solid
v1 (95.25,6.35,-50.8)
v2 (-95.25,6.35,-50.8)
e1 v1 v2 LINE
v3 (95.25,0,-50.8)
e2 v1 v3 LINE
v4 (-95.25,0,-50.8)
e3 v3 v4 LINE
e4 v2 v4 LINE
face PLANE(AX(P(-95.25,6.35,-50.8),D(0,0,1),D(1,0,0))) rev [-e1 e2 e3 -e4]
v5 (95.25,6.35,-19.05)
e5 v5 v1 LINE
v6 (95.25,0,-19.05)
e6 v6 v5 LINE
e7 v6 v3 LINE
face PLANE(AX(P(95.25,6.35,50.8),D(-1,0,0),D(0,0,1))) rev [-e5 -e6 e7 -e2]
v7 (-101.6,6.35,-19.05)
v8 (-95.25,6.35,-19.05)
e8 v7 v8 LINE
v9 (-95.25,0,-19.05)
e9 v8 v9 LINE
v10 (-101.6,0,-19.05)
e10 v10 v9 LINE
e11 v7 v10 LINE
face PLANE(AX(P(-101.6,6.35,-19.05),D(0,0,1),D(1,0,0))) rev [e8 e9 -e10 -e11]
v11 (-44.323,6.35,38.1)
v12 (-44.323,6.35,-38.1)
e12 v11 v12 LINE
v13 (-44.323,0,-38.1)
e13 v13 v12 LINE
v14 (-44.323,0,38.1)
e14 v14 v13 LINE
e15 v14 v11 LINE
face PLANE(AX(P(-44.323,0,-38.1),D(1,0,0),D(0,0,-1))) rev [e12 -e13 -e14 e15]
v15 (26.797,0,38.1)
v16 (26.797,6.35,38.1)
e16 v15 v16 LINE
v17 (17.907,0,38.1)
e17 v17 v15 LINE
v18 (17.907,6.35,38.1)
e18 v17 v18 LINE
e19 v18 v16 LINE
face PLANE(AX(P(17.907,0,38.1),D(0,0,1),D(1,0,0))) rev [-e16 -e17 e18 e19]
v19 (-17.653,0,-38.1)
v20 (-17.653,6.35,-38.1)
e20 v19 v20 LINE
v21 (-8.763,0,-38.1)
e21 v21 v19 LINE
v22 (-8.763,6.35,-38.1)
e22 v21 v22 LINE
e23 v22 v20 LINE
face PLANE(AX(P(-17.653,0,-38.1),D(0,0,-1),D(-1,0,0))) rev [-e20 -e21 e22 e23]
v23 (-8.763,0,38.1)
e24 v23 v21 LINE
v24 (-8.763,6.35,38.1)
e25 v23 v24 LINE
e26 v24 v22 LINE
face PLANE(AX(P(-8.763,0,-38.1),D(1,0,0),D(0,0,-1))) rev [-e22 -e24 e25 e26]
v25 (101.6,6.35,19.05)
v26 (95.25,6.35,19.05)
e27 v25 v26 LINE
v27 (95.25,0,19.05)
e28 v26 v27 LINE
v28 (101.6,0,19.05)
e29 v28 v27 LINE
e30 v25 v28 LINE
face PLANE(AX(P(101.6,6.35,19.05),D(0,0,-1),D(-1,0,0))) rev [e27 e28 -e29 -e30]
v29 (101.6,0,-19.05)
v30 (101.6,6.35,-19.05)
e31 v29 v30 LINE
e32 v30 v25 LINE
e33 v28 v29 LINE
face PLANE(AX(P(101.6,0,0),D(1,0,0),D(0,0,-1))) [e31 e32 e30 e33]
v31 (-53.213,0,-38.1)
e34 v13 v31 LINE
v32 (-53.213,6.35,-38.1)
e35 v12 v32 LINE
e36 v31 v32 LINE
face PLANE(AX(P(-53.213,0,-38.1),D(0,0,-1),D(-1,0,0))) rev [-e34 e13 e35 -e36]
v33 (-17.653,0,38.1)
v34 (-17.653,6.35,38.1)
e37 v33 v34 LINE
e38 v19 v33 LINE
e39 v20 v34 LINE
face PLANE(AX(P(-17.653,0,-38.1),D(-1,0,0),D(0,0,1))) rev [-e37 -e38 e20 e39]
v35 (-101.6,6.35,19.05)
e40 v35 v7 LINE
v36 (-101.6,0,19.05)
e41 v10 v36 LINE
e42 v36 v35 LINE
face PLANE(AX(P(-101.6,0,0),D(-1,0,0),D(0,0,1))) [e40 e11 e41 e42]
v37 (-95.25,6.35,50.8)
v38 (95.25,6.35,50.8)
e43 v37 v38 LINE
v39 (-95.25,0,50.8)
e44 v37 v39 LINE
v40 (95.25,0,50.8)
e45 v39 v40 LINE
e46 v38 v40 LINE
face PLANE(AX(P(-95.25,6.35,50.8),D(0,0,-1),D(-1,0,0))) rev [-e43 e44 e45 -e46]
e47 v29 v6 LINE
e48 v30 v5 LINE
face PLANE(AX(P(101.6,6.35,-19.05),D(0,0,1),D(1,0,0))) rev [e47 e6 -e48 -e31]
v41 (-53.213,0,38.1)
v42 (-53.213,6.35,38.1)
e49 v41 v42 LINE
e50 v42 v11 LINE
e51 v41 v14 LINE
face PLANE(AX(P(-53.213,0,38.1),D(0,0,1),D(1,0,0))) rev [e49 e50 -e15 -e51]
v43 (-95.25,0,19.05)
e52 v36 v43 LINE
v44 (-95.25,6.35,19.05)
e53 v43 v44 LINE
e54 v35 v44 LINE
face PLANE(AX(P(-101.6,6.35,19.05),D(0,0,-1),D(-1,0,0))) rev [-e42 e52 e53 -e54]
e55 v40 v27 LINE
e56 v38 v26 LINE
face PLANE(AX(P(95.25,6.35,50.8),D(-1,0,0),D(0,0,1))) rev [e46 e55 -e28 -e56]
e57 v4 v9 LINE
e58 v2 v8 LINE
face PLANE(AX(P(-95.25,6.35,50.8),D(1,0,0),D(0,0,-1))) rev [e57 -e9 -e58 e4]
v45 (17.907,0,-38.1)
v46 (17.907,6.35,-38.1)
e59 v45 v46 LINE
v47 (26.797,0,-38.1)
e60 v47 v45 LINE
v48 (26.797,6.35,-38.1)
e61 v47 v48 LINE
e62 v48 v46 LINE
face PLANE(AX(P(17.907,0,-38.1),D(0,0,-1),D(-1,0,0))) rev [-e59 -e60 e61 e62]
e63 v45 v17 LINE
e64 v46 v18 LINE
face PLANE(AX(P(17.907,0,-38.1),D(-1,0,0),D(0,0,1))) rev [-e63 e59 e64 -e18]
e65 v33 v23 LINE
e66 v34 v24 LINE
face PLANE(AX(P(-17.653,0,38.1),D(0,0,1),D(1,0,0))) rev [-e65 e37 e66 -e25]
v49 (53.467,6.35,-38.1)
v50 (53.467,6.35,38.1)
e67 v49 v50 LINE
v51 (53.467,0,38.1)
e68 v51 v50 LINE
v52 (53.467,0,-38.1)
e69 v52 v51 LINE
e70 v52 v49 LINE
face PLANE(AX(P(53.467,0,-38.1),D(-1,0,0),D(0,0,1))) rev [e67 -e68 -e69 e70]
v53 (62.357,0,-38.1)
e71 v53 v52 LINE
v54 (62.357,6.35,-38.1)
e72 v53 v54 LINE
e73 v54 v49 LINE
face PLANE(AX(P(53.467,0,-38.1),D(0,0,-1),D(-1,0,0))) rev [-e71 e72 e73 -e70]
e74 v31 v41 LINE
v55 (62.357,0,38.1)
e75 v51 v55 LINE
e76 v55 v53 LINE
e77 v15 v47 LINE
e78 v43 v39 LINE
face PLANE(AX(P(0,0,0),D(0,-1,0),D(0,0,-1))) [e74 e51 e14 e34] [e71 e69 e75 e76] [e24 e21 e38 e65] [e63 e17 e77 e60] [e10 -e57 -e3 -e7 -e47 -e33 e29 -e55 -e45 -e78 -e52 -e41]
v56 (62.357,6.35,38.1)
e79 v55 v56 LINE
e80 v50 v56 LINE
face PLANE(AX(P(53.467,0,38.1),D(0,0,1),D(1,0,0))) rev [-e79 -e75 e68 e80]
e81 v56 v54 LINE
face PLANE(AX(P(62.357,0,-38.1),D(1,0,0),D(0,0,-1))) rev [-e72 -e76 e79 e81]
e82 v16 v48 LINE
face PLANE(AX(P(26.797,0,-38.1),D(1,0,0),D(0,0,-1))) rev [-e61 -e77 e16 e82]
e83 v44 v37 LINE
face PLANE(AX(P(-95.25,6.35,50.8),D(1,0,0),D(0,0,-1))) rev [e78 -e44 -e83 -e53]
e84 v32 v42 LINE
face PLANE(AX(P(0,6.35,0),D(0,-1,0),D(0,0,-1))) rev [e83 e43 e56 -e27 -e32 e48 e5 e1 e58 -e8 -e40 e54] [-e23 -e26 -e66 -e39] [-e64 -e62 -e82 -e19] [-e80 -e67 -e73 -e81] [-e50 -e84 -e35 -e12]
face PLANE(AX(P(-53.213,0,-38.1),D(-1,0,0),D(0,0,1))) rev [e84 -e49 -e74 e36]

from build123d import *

# Parameters (mm, degrees)
SKETCH1_W           = 190.5
SKETCH1_H           = 101.6
BOSS_EXTRUDE1_DEPTH = 6.35
SKETCH2_W           = 8.89
SKETCH2_H           = 76.2
HOLE_DEPTH          = 6.35
SKETCH3_W           = 38.1
SKETCH3_H           = 6.35
TAB1_DEPTH          = 6.35
SKETCH4_W           = 38.1
SKETCH4_H           = 6.35
TAB2_DEPTH          = 6.35


with BuildPart() as part:
    # Sketch1 → Boss-Extrude1 (new body)
    with BuildSketch(Plane(origin=(0, 0, 0), x_dir=(1, 0, 0), z_dir=(0, 1, 0))):
        Rectangle(SKETCH1_W, SKETCH1_H)
    extrude(amount=BOSS_EXTRUDE1_DEPTH)

    # Sketch2 → hole (cut)
    with BuildSketch(Plane(origin=(0, 6.35, 0), x_dir=(1, 0, 0), z_dir=(0, 1, 0))):
        with Locations((-48.768, 0)):
            Rectangle(SKETCH2_W, SKETCH2_H)
        with Locations((-13.208, 0)):
            Rectangle(SKETCH2_W, SKETCH2_H)
        with Locations((22.352, 0)):
            Rectangle(SKETCH2_W, SKETCH2_H)
        with Locations((57.912, 0)):
            Rectangle(SKETCH2_W, SKETCH2_H)
    extrude(amount=-HOLE_DEPTH, mode=Mode.SUBTRACT)

    # Sketch3 → tab1 (add)
    with BuildSketch(Plane.ZY.offset(95.25)):
        with Locations((0, 3.175)):
            Rectangle(SKETCH3_W, SKETCH3_H)
    extrude(amount=TAB1_DEPTH)

    # Sketch4 → tab2 (add)
    with BuildSketch(Plane(origin=(95.25, 0, 0), x_dir=(0, 0, -1), z_dir=(1, 0, 0))):
        with Locations((0, 3.175)):
            Rectangle(SKETCH4_W, SKETCH4_H)
    extrude(amount=TAB2_DEPTH)


solid = part.part
